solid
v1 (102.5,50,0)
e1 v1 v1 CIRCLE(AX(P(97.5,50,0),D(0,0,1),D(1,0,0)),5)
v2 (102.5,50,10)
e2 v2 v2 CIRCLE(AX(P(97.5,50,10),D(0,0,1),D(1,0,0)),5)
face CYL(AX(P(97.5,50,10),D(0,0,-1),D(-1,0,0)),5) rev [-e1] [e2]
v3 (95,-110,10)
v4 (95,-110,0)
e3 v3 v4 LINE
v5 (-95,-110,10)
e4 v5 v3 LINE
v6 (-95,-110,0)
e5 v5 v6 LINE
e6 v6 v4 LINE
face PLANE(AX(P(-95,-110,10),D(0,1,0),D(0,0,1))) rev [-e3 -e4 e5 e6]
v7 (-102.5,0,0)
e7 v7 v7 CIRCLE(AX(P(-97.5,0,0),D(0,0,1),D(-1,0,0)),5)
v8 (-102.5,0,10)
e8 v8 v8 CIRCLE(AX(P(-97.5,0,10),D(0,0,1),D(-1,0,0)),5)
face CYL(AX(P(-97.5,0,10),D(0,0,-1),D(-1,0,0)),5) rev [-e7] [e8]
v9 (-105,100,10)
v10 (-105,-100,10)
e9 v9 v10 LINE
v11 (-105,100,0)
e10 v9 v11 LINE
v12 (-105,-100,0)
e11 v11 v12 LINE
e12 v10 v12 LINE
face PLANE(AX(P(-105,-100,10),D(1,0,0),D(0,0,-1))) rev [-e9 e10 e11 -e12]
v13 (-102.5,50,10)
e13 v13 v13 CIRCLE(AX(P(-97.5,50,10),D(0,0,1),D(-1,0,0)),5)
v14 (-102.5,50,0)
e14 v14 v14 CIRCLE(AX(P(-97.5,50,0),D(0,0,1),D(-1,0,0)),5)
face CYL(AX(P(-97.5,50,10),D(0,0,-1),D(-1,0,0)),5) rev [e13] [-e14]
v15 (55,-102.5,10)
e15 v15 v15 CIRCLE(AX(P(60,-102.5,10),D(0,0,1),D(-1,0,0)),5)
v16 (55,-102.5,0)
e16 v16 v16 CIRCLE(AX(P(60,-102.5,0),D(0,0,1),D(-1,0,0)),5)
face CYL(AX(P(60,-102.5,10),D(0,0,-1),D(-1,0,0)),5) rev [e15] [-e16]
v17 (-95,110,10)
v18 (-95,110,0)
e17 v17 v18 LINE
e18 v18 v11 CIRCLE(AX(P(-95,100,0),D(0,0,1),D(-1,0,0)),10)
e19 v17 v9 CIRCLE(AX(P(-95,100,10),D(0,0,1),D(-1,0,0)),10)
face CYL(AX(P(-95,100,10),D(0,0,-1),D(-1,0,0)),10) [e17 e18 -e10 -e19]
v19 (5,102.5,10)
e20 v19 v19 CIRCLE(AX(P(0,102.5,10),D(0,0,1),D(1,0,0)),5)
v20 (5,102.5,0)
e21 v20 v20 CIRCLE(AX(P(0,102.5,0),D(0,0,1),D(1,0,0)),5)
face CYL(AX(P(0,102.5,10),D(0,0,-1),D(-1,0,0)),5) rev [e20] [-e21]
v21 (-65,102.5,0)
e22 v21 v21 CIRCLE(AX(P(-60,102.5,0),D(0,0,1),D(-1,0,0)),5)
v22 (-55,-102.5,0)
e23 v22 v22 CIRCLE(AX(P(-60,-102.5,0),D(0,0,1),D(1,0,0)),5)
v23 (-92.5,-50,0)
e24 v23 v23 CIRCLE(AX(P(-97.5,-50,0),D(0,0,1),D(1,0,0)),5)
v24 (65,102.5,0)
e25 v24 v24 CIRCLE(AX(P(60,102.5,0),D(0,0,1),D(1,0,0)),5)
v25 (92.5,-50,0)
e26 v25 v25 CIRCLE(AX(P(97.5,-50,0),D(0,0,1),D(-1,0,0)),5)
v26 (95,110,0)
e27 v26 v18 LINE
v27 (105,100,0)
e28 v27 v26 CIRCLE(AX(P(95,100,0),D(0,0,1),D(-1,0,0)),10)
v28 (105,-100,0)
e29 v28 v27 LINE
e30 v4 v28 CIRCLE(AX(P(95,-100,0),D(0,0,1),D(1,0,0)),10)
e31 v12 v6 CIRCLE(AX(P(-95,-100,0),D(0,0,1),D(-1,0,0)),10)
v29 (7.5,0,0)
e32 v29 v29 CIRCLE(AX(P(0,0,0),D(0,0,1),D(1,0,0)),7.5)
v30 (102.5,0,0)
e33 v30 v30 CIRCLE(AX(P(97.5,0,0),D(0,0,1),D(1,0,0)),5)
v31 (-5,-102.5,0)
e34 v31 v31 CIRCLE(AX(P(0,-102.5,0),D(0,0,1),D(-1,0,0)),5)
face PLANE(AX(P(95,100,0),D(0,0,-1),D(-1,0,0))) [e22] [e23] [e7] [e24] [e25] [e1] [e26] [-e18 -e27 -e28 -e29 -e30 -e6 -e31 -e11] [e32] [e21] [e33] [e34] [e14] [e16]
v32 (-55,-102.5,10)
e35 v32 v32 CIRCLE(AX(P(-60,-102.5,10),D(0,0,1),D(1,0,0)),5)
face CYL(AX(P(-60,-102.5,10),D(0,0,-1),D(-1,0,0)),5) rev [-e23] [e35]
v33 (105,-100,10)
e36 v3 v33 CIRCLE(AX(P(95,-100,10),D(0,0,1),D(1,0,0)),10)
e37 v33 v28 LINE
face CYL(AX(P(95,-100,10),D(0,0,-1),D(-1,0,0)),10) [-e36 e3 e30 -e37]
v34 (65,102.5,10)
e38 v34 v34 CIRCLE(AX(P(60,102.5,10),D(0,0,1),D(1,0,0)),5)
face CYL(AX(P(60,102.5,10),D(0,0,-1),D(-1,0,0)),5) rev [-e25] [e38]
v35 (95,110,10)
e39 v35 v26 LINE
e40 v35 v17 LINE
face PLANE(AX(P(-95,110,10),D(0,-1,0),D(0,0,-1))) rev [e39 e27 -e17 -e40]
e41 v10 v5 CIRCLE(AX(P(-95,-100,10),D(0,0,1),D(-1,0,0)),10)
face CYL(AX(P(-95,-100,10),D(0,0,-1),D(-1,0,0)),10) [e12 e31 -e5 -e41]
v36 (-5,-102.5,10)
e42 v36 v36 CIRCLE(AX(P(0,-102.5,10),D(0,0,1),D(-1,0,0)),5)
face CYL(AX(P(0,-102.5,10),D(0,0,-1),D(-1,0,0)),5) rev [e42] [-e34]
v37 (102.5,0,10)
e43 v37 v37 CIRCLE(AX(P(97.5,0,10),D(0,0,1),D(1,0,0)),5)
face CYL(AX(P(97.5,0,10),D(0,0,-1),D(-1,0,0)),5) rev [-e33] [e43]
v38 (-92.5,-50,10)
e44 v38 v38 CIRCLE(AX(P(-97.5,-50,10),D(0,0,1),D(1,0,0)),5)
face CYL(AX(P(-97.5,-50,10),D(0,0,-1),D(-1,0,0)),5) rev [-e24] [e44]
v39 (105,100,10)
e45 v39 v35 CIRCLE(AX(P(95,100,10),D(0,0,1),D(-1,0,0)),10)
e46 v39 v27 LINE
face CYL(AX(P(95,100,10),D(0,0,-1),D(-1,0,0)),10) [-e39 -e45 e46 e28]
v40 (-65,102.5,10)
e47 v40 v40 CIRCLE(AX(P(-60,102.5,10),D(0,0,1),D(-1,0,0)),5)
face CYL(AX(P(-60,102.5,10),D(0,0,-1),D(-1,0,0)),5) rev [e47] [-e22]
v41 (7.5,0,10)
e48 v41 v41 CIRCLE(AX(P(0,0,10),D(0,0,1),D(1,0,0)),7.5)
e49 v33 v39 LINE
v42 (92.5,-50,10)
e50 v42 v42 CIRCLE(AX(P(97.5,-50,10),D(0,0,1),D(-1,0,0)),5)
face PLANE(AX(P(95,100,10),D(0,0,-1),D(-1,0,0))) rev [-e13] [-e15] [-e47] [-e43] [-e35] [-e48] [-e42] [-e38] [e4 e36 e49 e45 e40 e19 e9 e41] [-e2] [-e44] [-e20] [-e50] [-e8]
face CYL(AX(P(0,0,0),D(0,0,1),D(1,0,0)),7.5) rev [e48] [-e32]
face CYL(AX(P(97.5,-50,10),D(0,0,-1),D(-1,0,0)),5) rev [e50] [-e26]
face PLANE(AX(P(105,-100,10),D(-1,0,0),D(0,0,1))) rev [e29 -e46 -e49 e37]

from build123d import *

# Parameters (mm, degrees)
SKETCH_1_R          = 5
EXTRUDE_1_DEPTH     = 10
SKETCH_2_R          = 7.5
CUT_EXTRUDE_1_DEPTH = 153.397506541


with BuildPart() as part:
    # 草图1 → 凸台-拉伸1 (new body)
    with BuildSketch(Plane.XY):
        with BuildLine():
            Line((-95, -110), (95, -110))
            ThreePointArc((95, -110), (102.071067812, -107.071067812), (105, -100))
            Line((105, -100), (105, 100))
            ThreePointArc((105, 100), (102.071067812, 107.071067812), (95, 110))
            Line((95, 110), (-95, 110))
            ThreePointArc((-95, 110), (-102.071067812, 107.071067812), (-105, 100))
            Line((-105, 100), (-105, -100))
            ThreePointArc((-105, -100), (-102.071067812, -107.071067812), (-95, -110))
        make_face()
        with Locations((97.5, 0)):
            Circle(SKETCH_1_R, mode=Mode.SUBTRACT)
        with Locations((0, 102.5)):
            Circle(SKETCH_1_R, mode=Mode.SUBTRACT)
        with Locations((60, 102.5)):
            Circle(SKETCH_1_R, mode=Mode.SUBTRACT)
        with Locations((97.5, 50)):
            Circle(SKETCH_1_R, mode=Mode.SUBTRACT)
        with Locations(Location((97.5, -50, 0), (0, 0, 180))):
            Circle(SKETCH_1_R, mode=Mode.SUBTRACT)
        with Locations(Location((60, -102.5, 0), (0, 0, 180))):
            Circle(SKETCH_1_R, mode=Mode.SUBTRACT)
        with Locations(Location((0, -102.5, 0), (0, 0, 180))):
            Circle(SKETCH_1_R, mode=Mode.SUBTRACT)
        with Locations(Location((-60, 102.5, 0), (0, 0, 180))):
            Circle(SKETCH_1_R, mode=Mode.SUBTRACT)
        with Locations((-60, -102.5)):
            Circle(SKETCH_1_R, mode=Mode.SUBTRACT)
        with Locations((-97.5, -50)):
            Circle(SKETCH_1_R, mode=Mode.SUBTRACT)
        with Locations(Location((-97.5, 0, 0), (0, 0, 180))):
            Circle(SKETCH_1_R, mode=Mode.SUBTRACT)
        with Locations(Location((-97.5, 50, 0), (0, 0, 180))):
            Circle(SKETCH_1_R, mode=Mode.SUBTRACT)
    extrude(amount=EXTRUDE_1_DEPTH)

    # 草图2 → 切除-拉伸1 (cut, through all)
    with BuildSketch(Plane.XY.offset(10)):
        Circle(SKETCH_2_R)
    extrude(amount=-CUT_EXTRUDE_1_DEPTH, mode=Mode.SUBTRACT)


solid = part.part
